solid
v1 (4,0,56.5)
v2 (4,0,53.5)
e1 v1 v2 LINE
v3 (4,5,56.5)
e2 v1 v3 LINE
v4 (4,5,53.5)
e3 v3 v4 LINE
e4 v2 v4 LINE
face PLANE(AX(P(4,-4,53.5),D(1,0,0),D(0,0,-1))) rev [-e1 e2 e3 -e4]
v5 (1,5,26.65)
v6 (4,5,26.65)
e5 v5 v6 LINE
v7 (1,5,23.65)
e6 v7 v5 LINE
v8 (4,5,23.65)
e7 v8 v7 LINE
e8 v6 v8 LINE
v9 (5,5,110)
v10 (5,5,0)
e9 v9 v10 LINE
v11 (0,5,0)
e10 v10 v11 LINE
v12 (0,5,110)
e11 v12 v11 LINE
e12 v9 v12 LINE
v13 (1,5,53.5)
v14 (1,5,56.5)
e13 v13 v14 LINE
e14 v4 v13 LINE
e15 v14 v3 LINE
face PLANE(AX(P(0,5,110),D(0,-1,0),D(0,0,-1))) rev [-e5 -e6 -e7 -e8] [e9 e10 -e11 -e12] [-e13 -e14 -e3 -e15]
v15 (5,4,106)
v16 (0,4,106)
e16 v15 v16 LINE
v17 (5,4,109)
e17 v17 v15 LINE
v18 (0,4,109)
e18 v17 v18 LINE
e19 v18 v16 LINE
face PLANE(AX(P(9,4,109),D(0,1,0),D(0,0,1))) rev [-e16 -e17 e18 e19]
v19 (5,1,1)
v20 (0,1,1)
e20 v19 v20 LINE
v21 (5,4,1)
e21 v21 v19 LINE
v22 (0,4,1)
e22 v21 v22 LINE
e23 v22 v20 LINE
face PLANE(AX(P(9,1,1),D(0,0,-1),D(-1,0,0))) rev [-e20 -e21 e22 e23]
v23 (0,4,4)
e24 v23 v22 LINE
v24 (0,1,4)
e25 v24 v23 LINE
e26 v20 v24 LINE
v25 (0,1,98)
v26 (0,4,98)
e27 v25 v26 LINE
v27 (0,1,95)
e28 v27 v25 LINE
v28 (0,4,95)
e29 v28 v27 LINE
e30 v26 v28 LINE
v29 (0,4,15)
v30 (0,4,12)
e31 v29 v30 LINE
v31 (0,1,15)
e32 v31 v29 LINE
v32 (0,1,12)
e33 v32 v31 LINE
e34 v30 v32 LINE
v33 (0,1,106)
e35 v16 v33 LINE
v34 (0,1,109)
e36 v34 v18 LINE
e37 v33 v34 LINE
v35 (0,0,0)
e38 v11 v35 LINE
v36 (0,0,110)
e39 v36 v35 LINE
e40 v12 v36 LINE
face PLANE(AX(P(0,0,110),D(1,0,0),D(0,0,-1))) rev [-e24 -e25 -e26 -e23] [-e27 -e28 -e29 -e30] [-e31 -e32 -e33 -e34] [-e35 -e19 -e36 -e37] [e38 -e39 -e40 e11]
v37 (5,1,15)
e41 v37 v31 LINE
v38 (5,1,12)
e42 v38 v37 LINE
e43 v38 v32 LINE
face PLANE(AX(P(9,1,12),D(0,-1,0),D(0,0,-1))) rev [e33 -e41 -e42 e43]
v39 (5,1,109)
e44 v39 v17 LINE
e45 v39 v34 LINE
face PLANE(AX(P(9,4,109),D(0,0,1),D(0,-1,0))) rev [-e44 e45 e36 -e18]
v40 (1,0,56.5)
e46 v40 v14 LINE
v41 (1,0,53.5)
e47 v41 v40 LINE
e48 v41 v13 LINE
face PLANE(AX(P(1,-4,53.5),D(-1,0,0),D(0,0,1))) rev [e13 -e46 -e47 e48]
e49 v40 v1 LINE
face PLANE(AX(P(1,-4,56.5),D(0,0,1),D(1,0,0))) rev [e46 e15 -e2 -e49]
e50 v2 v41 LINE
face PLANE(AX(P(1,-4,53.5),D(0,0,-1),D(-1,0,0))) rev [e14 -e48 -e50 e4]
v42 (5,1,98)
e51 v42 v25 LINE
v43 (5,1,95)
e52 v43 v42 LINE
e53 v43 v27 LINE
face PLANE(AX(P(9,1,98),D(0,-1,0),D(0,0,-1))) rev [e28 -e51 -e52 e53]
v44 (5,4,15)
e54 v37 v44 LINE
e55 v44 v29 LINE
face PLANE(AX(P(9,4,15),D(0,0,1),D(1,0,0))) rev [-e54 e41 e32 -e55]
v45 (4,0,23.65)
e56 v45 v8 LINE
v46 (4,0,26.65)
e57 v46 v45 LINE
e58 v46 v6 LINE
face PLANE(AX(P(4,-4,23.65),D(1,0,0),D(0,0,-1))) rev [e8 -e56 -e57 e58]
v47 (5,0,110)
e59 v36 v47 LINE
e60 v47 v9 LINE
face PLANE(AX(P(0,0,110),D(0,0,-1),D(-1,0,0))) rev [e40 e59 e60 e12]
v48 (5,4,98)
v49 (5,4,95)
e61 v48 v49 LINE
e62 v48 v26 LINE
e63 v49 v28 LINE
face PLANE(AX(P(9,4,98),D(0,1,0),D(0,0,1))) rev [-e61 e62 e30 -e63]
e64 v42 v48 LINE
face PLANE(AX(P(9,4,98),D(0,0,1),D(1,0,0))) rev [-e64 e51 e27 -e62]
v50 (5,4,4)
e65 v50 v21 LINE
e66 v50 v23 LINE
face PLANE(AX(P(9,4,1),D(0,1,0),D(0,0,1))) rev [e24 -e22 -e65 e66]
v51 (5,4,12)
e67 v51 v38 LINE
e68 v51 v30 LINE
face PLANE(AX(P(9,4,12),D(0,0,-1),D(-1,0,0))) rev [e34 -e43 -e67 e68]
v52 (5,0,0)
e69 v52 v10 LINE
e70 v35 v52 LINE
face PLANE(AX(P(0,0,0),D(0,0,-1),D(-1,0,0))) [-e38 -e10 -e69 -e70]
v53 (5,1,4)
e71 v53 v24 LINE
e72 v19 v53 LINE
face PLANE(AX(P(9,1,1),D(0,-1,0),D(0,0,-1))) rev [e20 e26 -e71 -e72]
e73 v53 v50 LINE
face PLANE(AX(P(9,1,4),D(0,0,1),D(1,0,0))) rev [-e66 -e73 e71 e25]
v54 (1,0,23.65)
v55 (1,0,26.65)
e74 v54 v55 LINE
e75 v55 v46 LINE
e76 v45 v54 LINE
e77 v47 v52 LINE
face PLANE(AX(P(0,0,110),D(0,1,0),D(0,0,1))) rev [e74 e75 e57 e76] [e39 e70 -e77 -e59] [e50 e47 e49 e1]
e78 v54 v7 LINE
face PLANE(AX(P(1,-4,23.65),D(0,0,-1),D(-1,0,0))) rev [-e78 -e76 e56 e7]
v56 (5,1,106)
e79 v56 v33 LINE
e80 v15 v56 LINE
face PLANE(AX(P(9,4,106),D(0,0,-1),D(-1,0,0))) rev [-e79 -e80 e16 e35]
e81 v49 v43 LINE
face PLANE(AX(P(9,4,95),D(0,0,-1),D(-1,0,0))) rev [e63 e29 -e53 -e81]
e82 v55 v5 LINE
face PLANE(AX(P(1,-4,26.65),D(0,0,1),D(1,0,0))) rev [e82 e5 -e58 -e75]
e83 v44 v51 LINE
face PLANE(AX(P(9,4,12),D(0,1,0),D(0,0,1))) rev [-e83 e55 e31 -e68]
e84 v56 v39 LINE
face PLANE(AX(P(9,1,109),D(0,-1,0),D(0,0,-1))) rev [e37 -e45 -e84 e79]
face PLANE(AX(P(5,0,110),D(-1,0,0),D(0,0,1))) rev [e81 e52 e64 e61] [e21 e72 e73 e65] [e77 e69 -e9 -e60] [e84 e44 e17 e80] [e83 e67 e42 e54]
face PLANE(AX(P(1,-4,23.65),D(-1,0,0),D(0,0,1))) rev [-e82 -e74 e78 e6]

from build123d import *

# Parameters (mm, degrees)
SKETCH1_W           = 5
SKETCH1_H           = 5
BOSS_EXTRUDE1_DEPTH = 110
SKETCH2_W           = 3
SKETCH2_H           = 3
CUT_EXTRUDE1_DEPTH  = 9
SKETCH3_W           = 3
SKETCH3_H           = 3
CUT_EXTRUDE2_DEPTH  = 9


with BuildPart() as part:
    # Sketch1 → Boss-Extrude1 (new body)
    with BuildSketch(Plane.XY):
        with Locations((2.5, 2.5)):
            Rectangle(SKETCH1_W, SKETCH1_H)
    extrude(amount=BOSS_EXTRUDE1_DEPTH)

    # Sketch2 → Cut-Extrude1 (cut)
    with BuildSketch(Plane.ZY):
        with Locations((2.5, 2.5)):
            Rectangle(SKETCH2_W, SKETCH2_H)
        with Locations((107.5, 2.5)):
            Rectangle(SKETCH2_W, SKETCH2_H)
        with Locations((13.5, 2.5)):
            Rectangle(SKETCH2_W, SKETCH2_H)
        with Locations((96.5, 2.5)):
            Rectangle(SKETCH2_W, SKETCH2_H)
    extrude(amount=-CUT_EXTRUDE1_DEPTH, mode=Mode.SUBTRACT)

    # Sketch3 → Cut-Extrude2 (cut)
    with BuildSketch(Plane(origin=(0, 5, 0), x_dir=(1, 0, 0), z_dir=(0, 1, 0))):
        with Locations((2.5, -25.15)):
            Rectangle(SKETCH3_W, SKETCH3_H)
        with Locations((2.5, -55)):
            Rectangle(SKETCH3_W, SKETCH3_H)
    extrude(amount=-CUT_EXTRUDE2_DEPTH, mode=Mode.SUBTRACT)


solid = part.part
